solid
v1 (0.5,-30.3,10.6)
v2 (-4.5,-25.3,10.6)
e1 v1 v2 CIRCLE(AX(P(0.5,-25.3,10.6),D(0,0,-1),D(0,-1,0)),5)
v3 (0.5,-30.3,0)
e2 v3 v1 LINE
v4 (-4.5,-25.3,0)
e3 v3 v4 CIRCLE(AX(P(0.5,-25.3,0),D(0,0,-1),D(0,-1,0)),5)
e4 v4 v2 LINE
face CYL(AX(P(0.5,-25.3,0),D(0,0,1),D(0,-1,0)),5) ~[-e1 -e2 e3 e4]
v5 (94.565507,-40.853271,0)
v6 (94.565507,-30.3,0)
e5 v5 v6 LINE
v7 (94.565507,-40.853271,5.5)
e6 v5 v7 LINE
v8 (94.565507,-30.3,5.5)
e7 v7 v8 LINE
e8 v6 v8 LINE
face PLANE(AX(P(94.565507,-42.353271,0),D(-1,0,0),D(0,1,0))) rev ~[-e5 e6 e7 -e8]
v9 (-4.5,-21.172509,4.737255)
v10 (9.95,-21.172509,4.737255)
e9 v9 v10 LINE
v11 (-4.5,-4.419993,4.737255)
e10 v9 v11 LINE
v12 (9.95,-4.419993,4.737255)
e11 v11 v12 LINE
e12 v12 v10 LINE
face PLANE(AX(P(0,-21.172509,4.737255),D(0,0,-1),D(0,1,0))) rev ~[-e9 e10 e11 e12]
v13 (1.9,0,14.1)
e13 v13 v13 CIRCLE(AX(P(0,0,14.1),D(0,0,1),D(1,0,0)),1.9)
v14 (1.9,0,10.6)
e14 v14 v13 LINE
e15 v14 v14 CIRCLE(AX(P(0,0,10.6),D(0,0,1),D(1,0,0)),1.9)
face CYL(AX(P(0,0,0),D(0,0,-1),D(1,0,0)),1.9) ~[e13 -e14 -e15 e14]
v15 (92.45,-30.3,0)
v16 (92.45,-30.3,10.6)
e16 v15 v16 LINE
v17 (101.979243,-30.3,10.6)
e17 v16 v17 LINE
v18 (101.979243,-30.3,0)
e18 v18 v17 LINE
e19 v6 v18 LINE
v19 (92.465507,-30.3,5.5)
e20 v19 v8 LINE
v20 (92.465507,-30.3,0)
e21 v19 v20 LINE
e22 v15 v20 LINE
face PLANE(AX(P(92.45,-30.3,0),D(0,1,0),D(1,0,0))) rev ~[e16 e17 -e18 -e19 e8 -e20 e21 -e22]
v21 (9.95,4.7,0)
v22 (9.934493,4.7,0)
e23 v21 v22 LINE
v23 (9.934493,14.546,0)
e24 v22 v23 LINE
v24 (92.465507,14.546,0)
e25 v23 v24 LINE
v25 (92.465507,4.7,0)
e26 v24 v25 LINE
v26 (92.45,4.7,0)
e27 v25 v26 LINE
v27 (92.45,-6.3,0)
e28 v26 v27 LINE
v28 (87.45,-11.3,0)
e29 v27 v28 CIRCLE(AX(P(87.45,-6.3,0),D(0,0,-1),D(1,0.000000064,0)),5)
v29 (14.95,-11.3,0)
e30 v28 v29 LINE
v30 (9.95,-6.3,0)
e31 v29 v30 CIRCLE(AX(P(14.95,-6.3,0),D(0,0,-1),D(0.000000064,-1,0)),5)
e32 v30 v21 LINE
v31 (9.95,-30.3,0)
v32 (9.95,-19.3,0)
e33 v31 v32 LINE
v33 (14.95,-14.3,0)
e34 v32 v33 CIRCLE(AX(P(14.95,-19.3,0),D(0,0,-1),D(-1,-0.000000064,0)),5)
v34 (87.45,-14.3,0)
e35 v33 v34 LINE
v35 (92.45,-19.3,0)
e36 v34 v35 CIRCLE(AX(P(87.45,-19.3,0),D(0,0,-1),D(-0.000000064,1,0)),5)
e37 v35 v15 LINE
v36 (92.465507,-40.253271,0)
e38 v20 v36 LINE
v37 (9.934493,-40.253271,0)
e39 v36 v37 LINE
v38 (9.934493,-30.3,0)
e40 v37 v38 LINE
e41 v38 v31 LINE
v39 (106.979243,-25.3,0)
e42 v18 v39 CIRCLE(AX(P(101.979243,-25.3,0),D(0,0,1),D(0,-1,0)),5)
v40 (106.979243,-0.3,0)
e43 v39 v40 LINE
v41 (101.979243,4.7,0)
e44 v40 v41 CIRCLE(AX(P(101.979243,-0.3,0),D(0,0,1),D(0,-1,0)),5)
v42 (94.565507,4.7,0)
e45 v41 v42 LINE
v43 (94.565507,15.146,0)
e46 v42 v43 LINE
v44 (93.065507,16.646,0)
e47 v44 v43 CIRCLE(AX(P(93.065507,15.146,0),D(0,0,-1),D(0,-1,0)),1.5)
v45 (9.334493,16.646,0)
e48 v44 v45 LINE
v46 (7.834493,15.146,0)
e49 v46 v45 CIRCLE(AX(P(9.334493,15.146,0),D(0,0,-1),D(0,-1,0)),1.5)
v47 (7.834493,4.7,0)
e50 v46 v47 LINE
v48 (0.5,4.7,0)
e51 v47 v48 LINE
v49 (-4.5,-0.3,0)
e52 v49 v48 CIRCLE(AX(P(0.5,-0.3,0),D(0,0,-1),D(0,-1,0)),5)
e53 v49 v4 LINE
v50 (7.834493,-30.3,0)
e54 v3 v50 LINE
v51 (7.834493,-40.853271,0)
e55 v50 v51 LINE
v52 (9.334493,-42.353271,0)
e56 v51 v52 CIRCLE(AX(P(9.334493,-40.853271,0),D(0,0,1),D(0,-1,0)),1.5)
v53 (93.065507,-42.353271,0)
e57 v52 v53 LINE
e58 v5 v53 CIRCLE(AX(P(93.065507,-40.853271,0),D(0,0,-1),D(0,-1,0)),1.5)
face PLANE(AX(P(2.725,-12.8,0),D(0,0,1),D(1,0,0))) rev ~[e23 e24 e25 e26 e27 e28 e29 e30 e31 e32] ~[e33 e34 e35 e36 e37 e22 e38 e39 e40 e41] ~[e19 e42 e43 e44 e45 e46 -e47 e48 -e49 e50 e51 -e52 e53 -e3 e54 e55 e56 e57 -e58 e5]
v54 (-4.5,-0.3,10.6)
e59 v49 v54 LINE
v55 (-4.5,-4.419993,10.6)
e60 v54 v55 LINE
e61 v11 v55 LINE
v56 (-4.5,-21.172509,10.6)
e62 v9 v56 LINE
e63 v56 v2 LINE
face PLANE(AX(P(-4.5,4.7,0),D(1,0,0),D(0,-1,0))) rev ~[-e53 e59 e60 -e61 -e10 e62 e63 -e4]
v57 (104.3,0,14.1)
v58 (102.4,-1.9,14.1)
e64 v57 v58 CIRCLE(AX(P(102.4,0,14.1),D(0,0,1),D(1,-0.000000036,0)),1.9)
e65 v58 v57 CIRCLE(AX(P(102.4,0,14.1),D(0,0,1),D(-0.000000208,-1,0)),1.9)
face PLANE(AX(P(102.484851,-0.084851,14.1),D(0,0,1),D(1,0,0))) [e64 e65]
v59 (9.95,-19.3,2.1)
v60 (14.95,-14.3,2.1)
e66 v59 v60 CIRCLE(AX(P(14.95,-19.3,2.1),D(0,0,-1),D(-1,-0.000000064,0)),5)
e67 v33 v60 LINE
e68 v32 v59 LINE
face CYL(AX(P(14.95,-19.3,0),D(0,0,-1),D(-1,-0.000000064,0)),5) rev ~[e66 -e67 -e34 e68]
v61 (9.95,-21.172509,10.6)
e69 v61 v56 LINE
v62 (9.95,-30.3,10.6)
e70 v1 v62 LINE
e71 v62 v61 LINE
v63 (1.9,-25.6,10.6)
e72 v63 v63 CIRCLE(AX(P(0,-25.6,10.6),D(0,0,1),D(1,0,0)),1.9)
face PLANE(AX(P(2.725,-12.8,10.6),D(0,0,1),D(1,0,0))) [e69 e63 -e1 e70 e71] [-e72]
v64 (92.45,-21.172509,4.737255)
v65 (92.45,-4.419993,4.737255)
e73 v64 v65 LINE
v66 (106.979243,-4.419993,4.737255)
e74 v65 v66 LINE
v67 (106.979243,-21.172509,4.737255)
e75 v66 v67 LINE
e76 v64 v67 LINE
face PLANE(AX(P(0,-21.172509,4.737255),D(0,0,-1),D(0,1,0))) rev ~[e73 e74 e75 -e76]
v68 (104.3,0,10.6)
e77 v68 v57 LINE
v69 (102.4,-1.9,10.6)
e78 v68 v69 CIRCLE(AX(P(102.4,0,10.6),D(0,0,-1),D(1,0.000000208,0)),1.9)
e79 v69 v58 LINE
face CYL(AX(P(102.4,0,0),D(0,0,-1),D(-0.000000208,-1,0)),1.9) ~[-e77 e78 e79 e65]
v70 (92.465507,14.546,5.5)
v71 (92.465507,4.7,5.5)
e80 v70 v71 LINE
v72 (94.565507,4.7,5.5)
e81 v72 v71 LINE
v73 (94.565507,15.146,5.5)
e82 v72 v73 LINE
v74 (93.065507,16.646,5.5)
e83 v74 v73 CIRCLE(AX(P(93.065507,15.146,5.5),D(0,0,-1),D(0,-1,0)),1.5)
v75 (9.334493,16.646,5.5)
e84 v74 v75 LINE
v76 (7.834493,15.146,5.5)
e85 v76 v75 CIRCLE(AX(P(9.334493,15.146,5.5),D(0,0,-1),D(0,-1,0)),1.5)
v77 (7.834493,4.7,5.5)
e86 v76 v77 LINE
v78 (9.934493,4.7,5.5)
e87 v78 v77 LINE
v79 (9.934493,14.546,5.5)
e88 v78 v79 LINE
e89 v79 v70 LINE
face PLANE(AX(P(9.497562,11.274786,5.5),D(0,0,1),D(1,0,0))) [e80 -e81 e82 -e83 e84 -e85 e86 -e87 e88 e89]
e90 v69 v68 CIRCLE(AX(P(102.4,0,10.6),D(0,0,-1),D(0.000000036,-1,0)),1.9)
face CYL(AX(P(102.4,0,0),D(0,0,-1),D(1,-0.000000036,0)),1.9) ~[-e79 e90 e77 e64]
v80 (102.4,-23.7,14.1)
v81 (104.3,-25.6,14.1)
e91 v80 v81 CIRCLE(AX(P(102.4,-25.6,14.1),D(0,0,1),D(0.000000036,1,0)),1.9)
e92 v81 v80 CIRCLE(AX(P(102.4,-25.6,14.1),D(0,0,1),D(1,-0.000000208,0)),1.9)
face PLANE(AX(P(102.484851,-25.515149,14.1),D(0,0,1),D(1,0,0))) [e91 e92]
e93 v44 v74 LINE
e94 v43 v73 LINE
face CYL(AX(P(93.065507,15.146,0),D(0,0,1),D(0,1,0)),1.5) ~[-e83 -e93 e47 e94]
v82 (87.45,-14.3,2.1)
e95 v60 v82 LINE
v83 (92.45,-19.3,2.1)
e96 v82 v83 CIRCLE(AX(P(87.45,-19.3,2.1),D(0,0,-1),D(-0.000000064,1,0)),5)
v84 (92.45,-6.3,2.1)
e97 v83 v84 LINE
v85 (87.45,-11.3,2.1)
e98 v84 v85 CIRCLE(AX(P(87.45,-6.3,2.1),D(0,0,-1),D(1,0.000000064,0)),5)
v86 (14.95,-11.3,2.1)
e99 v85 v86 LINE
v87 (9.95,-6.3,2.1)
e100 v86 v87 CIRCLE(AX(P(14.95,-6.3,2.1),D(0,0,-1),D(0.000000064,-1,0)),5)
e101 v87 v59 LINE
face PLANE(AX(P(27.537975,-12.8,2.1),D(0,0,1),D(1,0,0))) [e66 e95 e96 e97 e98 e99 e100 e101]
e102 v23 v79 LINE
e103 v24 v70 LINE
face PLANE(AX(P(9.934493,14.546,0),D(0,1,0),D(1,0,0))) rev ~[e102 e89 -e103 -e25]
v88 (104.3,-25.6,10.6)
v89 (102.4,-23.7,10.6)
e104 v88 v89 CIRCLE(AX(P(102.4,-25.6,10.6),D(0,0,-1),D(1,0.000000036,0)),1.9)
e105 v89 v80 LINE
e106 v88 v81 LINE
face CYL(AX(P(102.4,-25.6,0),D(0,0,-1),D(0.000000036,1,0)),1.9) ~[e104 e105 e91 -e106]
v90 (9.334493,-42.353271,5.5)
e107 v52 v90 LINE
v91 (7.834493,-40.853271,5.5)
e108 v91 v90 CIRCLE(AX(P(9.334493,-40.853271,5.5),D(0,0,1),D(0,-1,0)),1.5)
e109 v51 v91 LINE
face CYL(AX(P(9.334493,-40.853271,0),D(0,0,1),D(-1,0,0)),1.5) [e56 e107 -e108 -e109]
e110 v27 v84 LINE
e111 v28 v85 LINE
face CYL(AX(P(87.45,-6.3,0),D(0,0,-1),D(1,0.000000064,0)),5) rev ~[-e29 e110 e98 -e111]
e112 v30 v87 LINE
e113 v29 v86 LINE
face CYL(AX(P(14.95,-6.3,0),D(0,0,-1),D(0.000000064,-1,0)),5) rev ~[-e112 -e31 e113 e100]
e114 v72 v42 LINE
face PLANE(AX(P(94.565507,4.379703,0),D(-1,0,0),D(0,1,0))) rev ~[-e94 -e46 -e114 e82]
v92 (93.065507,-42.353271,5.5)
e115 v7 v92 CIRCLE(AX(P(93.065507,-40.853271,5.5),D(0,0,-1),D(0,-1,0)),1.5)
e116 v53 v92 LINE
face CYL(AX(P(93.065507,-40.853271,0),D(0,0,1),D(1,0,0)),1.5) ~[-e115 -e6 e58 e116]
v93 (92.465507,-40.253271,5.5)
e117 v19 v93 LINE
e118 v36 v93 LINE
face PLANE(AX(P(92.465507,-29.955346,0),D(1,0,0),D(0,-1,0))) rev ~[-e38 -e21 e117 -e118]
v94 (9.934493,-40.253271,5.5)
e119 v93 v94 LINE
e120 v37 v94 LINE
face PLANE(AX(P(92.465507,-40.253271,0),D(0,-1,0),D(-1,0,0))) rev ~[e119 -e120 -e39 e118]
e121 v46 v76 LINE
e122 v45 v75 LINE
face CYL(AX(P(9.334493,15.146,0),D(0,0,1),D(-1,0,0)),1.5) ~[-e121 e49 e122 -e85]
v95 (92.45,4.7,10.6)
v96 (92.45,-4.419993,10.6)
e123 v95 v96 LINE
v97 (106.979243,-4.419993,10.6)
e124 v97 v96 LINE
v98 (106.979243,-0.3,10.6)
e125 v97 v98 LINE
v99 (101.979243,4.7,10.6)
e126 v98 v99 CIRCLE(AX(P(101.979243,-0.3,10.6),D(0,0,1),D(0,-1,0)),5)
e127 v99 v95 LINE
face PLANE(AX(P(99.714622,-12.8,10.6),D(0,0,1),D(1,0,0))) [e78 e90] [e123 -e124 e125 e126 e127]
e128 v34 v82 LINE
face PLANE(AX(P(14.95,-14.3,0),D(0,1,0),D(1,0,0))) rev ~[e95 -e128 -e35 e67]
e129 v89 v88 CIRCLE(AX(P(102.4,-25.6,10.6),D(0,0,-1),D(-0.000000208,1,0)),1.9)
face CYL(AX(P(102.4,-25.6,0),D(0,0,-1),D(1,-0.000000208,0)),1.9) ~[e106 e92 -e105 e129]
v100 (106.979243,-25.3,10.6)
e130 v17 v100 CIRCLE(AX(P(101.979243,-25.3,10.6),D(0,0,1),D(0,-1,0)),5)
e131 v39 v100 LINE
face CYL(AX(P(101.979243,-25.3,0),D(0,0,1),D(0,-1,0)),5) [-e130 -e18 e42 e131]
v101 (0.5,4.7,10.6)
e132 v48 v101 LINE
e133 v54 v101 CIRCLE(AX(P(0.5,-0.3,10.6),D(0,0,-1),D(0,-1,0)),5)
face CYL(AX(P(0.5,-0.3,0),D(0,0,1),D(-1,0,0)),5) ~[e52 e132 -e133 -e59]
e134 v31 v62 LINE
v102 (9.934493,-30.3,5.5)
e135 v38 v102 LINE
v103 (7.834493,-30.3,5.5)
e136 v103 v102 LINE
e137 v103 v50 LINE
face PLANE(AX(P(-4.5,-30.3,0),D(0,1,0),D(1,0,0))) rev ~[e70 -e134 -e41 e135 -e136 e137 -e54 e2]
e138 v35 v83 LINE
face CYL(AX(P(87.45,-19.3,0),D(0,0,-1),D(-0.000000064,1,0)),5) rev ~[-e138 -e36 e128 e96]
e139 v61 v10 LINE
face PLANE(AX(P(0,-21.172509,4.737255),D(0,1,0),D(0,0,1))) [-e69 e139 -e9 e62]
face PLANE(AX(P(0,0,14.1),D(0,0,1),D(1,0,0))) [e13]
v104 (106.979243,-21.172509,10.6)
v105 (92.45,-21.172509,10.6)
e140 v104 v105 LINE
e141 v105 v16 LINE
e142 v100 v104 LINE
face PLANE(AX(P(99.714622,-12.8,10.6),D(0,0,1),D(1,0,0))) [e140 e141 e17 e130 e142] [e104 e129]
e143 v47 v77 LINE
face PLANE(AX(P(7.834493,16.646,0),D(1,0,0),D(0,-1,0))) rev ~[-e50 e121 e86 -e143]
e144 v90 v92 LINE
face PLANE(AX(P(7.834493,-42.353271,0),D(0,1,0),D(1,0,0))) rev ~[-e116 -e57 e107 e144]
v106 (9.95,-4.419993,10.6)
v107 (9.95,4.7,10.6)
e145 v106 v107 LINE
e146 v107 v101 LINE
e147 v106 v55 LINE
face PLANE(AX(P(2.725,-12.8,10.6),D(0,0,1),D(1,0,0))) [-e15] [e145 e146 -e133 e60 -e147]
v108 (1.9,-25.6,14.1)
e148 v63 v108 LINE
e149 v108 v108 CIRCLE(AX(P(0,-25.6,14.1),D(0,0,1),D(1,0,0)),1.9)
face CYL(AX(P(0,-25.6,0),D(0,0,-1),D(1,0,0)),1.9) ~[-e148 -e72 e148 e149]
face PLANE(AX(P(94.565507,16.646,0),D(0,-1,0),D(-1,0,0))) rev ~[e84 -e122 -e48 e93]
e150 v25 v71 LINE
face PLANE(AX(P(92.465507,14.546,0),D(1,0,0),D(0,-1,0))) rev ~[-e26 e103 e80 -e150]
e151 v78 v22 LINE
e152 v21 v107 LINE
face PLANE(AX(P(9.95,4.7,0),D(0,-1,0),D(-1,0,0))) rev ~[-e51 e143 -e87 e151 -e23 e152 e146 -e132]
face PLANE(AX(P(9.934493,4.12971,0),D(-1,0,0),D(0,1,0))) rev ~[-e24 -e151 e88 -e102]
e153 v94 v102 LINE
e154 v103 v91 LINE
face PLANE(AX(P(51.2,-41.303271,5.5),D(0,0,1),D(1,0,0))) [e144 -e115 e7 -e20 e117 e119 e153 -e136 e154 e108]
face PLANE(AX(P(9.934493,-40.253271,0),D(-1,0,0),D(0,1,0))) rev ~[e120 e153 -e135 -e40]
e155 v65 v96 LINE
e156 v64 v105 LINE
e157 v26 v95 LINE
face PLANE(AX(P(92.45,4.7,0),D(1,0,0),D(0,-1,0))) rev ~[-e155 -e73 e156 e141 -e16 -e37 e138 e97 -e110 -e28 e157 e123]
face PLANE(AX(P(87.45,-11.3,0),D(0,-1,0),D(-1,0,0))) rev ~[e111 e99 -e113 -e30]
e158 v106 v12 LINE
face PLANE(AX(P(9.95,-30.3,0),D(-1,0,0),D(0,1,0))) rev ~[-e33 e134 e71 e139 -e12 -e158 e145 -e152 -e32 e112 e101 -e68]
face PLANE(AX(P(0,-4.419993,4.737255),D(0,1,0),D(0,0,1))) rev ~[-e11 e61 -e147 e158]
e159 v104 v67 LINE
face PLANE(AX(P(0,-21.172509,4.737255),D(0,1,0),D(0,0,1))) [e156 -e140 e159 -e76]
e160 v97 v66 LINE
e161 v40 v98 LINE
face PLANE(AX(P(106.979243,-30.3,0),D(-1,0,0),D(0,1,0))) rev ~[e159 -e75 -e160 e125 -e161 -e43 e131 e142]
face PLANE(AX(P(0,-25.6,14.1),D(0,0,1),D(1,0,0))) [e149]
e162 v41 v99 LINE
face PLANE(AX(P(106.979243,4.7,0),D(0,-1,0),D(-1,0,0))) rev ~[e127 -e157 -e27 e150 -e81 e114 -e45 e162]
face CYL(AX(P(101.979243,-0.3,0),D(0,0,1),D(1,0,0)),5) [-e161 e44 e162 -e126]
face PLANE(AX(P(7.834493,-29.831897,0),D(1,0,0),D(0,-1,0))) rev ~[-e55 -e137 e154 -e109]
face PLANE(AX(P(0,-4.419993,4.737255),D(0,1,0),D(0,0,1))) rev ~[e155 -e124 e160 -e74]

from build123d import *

# Parameters (mm, degrees)
F0_R     = 1.9
F1_DEPTH = 14.1
F2_DEPTH = 2.1
F3_DEPTH = 10.6
F4_W     = 16.752516
F4_H     = 7.375009
F5_DEPTH = 150
F6_R     = 5
F7_W     = 76.531014
F7_H     = 2.1
F8_DEPTH = 5.5
F9_R     = 1.5


with BuildPart() as f1:
    # F0 (on Top) → F1 (new body)
    with BuildSketch(Plane.XY):
        with BuildLine():
            ThreePointArc((104.3, 0), (101.056497, 1.343503), (102.4, -1.9))
            ThreePointArc((102.4, -1.9), (103.743503, -1.343503), (104.3, 0))
        make_face()
        with BuildLine():
            ThreePointArc((102.4, -23.7), (101.056497, -26.943503), (104.3, -25.6))
            ThreePointArc((104.3, -25.6), (103.743503, -24.256497), (102.4, -23.7))
        make_face()
        with Locations((0, -25.6)):
            Circle(F0_R)
        Circle(F0_R)
    extrude(amount=F1_DEPTH)



with BuildPart() as f2:
    # F0 (on Top) → F2 (new body)
    with BuildSketch(Plane.XY):
        with BuildLine():
            Line((9.95, -14.3), (9.95, -19.3))
            ThreePointArc((9.95, -19.3), (11.414466, -15.764466), (14.95, -14.3))
            Line((14.95, -14.3), (51.2, -14.3))
            Line((51.2, -14.3), (51.2, -11.3))
            Line((51.2, -11.3), (14.95, -11.3))
            ThreePointArc((14.95, -11.3), (11.414466, -9.835534), (9.95, -6.3))
            Line((9.95, -6.3), (9.95, -11.3))
            Line((9.95, -11.3), (9.95, -14.3))
        make_face()
        with BuildLine():
            Line((51.2, -11.3), (51.2, -14.3))
            Line((51.2, -14.3), (67.3, -14.3))
            Line((67.3, -14.3), (72.3, -14.3))
            Line((72.3, -14.3), (87.45, -14.3))
            ThreePointArc((87.45, -14.3), (90.985534, -15.764466), (92.45, -19.3))
            Line((92.45, -19.3), (92.45, -6.3))
            ThreePointArc((92.45, -6.3), (90.985534, -9.835534), (87.45, -11.3))
            Line((87.45, -11.3), (72.3, -11.3))
            Line((72.3, -11.3), (67.3, -11.3))
            Line((67.3, -11.3), (51.2, -11.3))
        make_face()
    extrude(amount=F2_DEPTH)


with BuildPart() as f1_1:
    add(f1.part)

    add(f2.part)  # F3 merges F2
    # F0 (on Top) → F3 (join)
    with BuildSketch(Plane.XY):
        Polygon((-4.5, -30.3), (4.5, -30.3), (4.579243, -30.3), (9.95, -30.3), (9.95, -19.3), (9.95, -14.3), (9.95, -11.3), (9.95, -6.3), (9.95, 4.7), (4.579243, 4.7), (4.5, 4.7), (-4.5, 4.7), align=None)
        with Locations((0, -25.6)):
            Circle(F0_R, mode=Mode.SUBTRACT)
        Circle(F0_R, mode=Mode.SUBTRACT)
        Polygon((92.45, -6.3), (92.45, -19.3), (92.45, -30.3), (97.820757, -30.3), (106.979243, -30.3), (106.979243, 4.7), (97.820757, 4.7), (92.45, 4.7), align=None)
        with BuildLine():
            ThreePointArc((102.4, -23.7), (103.743503, -24.256497), (104.3, -25.6))
            ThreePointArc((104.3, -25.6), (101.056497, -26.943503), (102.4, -23.7))
        make_face(mode=Mode.SUBTRACT)
        with BuildLine():
            ThreePointArc((104.3, 0), (103.743503, -1.343503), (102.4, -1.9))
            ThreePointArc((102.4, -1.9), (101.056497, 1.343503), (104.3, 0))
        make_face(mode=Mode.SUBTRACT)
    extrude(amount=F3_DEPTH)

    # F4 (on Right) → F5 (cut, symmetric)
    with BuildSketch(Plane.YZ):
        with Locations((-12.796251, 8.42476)):
            Rectangle(F4_W, F4_H)
    extrude(amount=F5_DEPTH, both=True, mode=Mode.SUBTRACT)

    # F6
    f6_edges = [f1_1.edges().sort_by_distance(p)[0] for p in [
        (-4.5, 4.7, 5.3),
        (-4.5, -30.3, 5.3),
        (106.979243, 4.7, 5.3),
        (106.979243, -30.3, 5.3),
    ]]
    fillet(f6_edges, radius=F6_R)

    # F7 (on Top) → F8 (join)
    with BuildSketch(Plane.XY):
        Polygon((9.934493, 4.12971), (9.934493, 4.738468), (9.934493, 14.546), (12.934493, 14.546), (12.934493, 16.646), (7.834493, 16.646), (7.834493, 9.642234), (7.834493, 4.738468), (7.834493, 4.12971), align=None)
        with Locations((51.2, 15.596)):
            Rectangle(F7_W, F7_H)
        Polygon((89.465507, 16.646), (89.465507, 14.546), (92.465507, 14.546), (92.465507, 4.738468), (92.465507, 4.379703), (94.565507, 4.379703), (94.565507, 4.738468), (94.565507, 9.642234), (94.565507, 16.646), align=None)
        with Locations((51.2, -41.303271)):
            Rectangle(F7_W, F7_H)
        Polygon((12.934493, -42.353271), (12.934493, -40.253271), (9.934493, -40.253271), (9.934493, -30.445739), (9.934493, -29.831897), (7.834493, -29.831897), (7.834493, -30.445739), (7.834493, -35.349505), (7.834493, -42.353271), align=None)
        Polygon((92.465507, -40.253271), (89.465507, -40.253271), (89.465507, -42.353271), (94.565507, -42.353271), (94.565507, -35.349505), (94.565507, -30.445739), (94.565507, -29.955346), (92.465507, -29.955346), (92.465507, -30.445739), align=None)
    extrude(amount=F8_DEPTH)

    # F9
    f9_edges = [f1_1.edges().sort_by_distance(p)[0] for p in [
        (94.565507, -42.353271, 2.75),
        (94.565507, 16.646, 2.75),
        (7.834493, 16.646, 2.75),
        (7.834493, -42.353271, 2.75),
    ]]
    fillet(f9_edges, radius=F9_R)


solid = f1_1.part
